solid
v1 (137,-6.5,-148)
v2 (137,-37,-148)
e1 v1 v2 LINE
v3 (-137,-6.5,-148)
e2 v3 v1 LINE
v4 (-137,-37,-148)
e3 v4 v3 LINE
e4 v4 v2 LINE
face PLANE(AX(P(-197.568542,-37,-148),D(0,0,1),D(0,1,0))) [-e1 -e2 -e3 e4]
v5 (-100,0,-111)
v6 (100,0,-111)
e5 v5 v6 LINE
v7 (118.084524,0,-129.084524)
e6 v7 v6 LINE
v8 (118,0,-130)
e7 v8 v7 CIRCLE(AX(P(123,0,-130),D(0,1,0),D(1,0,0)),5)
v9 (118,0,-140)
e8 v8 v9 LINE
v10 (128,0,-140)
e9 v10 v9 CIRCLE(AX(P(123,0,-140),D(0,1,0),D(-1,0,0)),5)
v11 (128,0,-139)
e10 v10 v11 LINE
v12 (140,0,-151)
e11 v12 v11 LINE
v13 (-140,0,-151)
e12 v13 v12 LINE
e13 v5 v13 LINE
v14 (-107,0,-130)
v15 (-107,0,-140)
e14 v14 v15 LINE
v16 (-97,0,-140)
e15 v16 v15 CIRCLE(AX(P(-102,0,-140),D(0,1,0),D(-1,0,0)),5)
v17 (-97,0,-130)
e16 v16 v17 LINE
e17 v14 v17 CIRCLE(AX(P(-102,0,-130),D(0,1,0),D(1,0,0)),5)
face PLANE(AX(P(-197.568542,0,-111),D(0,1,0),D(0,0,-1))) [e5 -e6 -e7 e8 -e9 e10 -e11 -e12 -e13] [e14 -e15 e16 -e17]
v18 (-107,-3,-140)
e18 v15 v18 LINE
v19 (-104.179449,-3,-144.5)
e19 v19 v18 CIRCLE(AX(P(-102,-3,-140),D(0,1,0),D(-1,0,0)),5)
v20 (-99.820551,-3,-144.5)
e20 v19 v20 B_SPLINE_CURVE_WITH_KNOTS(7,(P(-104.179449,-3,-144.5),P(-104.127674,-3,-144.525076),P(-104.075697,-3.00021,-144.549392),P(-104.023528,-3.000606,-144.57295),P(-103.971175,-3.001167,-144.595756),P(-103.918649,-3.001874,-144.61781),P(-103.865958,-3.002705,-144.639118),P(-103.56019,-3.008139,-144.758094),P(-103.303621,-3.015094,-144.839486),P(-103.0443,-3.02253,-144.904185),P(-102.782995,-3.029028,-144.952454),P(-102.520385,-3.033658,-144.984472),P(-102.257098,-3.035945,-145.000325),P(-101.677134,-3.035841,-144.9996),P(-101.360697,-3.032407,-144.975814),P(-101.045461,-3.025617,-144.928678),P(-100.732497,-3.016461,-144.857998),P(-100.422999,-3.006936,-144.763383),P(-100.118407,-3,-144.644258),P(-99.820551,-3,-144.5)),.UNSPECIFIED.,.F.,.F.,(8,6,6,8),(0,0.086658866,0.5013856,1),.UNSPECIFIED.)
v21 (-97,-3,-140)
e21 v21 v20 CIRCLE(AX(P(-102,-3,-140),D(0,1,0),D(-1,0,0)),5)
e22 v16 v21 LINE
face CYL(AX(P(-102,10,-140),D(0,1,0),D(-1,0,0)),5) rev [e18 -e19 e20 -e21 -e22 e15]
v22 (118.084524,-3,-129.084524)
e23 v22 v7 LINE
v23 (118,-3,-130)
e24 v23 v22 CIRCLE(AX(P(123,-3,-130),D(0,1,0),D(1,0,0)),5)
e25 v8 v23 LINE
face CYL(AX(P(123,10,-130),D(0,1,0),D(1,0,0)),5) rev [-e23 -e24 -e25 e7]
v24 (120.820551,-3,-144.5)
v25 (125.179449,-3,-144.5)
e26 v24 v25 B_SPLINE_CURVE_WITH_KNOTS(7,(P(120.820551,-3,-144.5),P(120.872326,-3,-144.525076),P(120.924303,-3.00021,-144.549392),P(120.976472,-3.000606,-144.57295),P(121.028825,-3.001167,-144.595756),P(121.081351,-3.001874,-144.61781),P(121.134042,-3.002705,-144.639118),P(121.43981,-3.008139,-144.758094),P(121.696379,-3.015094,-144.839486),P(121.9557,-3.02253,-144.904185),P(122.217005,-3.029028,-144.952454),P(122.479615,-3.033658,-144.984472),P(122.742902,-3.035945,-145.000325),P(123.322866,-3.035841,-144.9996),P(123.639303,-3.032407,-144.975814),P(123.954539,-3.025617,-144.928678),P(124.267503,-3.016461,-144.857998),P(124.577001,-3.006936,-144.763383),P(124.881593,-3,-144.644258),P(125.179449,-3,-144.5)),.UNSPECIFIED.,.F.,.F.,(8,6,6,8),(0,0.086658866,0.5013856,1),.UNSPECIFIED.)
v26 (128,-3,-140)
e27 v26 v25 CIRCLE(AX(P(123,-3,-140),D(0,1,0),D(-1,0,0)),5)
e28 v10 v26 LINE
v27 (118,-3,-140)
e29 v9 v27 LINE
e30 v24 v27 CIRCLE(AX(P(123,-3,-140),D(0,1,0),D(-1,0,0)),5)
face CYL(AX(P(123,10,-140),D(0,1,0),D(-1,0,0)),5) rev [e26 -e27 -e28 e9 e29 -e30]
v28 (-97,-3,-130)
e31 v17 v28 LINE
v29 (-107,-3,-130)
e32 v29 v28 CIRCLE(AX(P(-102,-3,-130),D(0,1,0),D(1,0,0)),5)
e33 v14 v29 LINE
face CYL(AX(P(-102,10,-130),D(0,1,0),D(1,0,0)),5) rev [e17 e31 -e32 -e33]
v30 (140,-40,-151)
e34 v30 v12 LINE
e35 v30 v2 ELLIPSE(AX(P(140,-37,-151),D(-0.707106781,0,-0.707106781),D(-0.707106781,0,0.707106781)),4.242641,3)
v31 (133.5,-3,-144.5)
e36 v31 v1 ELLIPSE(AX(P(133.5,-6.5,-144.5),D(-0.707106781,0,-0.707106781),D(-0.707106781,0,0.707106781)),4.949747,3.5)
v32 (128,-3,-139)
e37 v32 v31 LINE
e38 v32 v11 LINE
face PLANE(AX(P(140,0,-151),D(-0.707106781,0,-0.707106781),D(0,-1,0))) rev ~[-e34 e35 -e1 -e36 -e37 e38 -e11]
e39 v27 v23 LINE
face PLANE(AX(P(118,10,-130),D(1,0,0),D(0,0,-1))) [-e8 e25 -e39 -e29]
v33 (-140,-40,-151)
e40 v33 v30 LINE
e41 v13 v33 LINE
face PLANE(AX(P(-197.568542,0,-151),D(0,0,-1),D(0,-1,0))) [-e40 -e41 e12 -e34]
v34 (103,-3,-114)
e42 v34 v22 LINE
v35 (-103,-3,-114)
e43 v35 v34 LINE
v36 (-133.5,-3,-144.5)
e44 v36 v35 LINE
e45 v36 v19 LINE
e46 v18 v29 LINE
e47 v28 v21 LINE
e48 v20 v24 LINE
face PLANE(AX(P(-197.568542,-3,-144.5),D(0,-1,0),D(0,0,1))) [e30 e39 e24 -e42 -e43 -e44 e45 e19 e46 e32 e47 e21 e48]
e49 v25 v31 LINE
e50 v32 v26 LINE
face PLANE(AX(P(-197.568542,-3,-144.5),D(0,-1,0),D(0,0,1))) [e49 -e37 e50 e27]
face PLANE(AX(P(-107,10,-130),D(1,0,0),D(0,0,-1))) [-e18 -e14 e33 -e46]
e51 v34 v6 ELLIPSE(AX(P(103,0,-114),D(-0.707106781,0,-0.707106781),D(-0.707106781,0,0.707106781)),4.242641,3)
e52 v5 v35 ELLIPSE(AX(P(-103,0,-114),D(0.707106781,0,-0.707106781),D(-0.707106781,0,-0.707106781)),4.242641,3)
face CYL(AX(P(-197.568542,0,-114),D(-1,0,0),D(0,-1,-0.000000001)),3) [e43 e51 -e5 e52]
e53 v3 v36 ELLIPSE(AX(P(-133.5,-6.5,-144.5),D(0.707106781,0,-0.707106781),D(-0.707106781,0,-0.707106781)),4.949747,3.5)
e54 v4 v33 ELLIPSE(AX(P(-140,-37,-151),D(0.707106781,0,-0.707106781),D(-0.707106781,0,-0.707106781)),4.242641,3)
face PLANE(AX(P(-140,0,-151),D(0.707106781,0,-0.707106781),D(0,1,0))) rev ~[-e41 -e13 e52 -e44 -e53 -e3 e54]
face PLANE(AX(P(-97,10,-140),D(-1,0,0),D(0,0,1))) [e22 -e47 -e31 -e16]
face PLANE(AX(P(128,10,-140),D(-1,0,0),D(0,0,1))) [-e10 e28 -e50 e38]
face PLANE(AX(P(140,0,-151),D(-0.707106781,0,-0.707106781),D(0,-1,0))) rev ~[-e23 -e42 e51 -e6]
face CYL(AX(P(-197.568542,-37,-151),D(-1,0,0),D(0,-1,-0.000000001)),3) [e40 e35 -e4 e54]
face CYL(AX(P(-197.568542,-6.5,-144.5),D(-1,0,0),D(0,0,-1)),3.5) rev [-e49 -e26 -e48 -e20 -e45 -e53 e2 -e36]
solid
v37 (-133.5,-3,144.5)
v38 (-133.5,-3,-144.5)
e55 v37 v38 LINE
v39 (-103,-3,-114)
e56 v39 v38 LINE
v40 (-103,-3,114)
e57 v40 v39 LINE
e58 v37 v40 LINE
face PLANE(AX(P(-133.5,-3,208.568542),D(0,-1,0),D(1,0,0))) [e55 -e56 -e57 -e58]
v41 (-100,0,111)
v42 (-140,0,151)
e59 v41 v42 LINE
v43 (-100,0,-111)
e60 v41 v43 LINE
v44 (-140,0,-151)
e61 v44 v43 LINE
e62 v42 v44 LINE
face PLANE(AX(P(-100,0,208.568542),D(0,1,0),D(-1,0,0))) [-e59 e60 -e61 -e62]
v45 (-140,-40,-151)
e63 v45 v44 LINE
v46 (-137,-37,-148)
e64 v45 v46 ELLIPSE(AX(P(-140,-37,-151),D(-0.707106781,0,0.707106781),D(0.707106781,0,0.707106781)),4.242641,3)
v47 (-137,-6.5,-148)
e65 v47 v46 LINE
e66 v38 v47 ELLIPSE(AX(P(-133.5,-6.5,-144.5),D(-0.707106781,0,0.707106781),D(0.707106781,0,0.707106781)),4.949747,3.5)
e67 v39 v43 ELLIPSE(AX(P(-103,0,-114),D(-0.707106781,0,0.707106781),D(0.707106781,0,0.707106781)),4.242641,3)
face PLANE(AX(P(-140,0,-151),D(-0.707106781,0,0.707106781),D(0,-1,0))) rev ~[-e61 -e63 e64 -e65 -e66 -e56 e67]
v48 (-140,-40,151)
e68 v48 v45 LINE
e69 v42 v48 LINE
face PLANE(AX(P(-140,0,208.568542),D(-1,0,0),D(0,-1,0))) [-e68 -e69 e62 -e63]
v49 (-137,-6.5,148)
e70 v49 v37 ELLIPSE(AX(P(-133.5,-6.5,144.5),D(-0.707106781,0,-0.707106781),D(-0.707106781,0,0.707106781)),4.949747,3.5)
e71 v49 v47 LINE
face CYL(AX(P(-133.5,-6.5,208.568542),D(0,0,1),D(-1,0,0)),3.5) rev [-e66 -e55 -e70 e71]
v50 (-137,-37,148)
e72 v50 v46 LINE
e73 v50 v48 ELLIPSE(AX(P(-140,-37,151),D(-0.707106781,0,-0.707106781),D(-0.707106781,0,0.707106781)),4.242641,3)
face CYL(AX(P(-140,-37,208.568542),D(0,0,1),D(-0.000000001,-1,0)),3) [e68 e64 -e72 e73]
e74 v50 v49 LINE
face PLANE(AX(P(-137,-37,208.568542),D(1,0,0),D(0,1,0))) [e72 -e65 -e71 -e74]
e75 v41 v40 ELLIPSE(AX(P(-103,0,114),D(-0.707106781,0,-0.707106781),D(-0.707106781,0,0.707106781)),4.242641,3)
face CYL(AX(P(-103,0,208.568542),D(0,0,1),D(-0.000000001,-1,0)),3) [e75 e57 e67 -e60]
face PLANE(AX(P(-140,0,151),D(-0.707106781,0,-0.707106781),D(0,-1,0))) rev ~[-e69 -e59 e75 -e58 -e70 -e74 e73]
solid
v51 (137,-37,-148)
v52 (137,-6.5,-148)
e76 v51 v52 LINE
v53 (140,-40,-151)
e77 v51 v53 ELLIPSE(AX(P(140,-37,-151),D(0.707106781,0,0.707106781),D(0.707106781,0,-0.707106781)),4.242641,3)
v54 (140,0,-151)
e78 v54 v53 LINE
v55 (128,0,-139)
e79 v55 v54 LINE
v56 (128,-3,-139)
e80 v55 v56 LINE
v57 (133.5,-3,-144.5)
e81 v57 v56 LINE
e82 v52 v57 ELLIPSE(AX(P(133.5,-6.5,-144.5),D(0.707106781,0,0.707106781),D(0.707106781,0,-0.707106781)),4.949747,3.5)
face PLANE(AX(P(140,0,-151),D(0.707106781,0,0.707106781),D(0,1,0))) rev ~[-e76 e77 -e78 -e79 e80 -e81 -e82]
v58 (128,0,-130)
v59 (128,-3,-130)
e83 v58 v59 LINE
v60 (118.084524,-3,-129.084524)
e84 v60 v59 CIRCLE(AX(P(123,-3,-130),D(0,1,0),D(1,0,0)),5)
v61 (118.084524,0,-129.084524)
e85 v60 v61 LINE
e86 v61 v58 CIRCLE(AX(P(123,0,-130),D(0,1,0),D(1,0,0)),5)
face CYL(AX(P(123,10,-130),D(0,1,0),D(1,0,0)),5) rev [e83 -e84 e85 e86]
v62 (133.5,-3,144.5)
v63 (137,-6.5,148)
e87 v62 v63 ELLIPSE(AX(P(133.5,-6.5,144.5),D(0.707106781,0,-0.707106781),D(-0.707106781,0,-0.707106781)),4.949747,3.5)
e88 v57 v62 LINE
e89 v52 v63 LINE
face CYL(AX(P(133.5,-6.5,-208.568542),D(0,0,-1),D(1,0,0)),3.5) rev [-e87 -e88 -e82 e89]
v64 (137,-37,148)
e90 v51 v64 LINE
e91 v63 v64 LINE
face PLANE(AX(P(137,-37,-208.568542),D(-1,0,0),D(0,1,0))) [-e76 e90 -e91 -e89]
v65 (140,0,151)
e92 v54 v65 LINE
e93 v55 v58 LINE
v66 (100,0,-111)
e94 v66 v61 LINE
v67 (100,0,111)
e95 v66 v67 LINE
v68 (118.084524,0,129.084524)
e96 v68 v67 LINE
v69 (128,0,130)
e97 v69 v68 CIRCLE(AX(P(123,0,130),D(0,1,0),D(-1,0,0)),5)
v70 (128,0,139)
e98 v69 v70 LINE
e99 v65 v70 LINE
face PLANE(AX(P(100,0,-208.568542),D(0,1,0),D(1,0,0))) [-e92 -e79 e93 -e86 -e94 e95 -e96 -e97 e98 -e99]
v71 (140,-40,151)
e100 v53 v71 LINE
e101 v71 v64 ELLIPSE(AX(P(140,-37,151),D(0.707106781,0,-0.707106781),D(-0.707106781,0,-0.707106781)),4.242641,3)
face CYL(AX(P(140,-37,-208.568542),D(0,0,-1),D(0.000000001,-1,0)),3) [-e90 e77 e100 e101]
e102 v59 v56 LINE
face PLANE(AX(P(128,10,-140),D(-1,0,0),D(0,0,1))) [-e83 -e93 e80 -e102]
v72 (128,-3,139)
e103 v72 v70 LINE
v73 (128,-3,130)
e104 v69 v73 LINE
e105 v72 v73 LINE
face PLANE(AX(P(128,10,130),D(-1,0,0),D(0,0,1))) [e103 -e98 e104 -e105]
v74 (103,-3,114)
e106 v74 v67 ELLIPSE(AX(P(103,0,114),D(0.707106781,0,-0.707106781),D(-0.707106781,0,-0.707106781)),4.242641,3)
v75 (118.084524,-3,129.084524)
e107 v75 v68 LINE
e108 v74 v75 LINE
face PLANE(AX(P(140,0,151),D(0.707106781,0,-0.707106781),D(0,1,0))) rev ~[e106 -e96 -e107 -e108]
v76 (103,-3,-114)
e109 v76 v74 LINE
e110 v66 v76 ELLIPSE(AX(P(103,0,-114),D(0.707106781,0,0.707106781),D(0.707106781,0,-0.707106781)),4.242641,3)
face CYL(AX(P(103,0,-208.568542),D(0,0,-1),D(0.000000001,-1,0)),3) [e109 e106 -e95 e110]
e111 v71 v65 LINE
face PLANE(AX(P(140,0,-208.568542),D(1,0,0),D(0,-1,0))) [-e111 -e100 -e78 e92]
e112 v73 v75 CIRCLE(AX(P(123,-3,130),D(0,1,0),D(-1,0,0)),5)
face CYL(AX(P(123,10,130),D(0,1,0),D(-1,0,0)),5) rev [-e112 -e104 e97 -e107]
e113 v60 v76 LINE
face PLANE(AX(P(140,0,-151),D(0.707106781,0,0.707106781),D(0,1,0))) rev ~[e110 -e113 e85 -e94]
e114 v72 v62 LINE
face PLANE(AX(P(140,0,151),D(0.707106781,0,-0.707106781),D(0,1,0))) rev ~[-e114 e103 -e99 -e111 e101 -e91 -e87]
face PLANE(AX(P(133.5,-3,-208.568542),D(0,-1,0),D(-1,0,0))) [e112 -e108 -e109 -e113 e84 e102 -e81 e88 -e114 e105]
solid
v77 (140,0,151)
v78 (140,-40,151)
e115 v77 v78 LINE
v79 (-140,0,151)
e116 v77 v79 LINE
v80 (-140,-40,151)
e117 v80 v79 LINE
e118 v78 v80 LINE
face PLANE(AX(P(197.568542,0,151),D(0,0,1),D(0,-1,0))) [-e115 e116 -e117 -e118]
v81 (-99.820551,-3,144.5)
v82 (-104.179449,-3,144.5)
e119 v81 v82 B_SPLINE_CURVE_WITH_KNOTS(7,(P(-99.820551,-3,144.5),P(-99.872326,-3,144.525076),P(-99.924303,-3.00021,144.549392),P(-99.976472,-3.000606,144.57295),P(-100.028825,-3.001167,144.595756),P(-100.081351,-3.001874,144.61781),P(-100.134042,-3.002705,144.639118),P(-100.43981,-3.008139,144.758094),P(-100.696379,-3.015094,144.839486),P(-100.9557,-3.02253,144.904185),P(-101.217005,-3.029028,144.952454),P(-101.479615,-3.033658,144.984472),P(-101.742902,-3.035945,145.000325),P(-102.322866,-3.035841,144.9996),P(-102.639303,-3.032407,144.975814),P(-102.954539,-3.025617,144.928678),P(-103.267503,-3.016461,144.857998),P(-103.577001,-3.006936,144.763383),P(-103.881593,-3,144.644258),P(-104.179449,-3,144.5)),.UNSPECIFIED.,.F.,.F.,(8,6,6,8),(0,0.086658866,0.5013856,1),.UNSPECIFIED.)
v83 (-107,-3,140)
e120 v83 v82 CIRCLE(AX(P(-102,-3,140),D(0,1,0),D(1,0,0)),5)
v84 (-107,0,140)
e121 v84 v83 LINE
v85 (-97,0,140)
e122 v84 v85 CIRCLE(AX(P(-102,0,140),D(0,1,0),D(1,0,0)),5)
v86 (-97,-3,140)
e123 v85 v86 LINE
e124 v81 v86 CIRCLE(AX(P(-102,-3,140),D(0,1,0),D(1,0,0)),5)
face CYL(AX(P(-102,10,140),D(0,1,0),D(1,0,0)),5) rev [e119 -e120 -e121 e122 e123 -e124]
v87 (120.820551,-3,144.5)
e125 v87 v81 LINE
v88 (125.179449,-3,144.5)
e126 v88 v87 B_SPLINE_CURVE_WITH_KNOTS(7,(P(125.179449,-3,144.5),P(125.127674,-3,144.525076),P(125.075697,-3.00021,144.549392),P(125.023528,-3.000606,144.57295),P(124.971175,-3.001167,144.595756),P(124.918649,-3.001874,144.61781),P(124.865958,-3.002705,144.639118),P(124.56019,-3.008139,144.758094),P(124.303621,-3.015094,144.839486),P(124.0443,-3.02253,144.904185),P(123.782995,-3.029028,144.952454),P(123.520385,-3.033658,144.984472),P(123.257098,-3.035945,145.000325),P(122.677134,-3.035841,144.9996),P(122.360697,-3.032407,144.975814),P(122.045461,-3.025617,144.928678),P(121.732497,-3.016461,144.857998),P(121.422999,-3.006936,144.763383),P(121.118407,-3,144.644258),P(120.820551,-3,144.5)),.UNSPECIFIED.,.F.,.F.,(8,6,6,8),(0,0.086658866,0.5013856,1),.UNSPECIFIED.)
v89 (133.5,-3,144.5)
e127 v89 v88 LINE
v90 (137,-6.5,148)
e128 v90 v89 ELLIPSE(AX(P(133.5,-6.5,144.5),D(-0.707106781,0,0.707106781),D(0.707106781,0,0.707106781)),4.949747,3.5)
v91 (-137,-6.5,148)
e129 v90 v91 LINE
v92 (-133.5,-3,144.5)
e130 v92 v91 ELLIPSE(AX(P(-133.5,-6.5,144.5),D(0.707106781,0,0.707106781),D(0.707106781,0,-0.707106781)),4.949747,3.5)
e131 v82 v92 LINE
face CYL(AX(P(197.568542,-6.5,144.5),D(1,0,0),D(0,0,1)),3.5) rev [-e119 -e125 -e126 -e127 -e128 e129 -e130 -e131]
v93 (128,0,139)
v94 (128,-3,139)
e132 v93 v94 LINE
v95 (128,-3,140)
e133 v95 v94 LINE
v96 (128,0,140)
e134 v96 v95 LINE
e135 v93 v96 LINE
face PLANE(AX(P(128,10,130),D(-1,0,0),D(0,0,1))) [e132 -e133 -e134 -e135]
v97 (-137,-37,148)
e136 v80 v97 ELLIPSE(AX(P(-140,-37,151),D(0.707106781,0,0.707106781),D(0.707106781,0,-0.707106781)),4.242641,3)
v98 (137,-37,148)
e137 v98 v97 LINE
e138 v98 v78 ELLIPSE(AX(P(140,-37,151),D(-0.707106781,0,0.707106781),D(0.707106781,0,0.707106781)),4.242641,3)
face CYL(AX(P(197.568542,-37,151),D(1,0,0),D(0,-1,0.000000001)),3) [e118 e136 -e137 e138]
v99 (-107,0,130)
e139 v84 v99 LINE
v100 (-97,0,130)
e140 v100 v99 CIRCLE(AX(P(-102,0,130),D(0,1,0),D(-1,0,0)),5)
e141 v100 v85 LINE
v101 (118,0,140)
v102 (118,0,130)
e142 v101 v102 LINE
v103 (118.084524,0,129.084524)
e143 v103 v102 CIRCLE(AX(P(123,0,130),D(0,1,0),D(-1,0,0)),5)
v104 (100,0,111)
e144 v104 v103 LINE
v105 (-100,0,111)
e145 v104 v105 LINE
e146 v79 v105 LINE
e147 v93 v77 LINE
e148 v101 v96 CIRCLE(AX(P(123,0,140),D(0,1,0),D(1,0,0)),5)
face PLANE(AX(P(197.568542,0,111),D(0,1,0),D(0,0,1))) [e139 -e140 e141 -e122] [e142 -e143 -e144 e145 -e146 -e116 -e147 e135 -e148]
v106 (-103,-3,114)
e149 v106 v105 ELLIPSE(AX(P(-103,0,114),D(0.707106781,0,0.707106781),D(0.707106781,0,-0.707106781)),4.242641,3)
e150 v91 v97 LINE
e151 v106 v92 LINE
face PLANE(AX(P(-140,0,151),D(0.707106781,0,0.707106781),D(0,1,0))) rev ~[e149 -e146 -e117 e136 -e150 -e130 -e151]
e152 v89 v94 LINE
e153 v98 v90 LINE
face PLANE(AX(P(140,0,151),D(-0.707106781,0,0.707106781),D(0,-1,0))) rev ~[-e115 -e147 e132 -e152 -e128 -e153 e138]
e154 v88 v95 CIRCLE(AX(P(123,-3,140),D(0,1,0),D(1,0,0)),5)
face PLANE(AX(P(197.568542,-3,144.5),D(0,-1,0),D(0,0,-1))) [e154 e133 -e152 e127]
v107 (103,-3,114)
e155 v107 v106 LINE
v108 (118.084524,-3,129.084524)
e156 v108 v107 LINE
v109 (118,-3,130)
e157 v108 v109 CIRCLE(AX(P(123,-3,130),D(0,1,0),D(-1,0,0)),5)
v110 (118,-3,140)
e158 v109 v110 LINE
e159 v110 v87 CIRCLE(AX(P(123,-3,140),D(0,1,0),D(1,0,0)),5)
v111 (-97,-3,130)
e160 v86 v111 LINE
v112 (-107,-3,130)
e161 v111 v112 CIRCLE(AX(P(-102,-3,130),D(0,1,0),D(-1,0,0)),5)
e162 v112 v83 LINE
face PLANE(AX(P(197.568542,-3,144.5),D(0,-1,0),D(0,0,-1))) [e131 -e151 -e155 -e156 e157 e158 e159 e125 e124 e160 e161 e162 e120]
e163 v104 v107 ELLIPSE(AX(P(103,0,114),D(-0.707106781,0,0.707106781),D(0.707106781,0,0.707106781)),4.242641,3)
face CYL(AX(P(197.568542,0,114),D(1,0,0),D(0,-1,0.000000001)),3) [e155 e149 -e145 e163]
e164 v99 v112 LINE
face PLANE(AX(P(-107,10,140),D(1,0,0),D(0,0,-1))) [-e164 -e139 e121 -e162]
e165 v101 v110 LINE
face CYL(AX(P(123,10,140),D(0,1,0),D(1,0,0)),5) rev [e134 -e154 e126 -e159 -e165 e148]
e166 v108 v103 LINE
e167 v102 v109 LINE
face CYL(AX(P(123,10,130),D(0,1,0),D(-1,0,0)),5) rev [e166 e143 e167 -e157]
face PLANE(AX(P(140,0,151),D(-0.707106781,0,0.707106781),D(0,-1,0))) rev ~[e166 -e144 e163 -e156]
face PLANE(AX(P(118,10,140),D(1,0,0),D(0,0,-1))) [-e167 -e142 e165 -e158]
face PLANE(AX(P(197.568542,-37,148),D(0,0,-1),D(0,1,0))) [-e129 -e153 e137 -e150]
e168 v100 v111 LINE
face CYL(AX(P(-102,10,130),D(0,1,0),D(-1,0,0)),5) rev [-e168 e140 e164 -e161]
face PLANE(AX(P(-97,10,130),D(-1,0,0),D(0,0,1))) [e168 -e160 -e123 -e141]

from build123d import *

# Parameters (mm, degrees)
IRON_V40X40X3_2_DEPTH      = 359.568542495
IRON_V40X40X3_2_DEPTH_BACK = 57.568542495
IRON_V40X40X3_2_2_DEPTH    = 395.13708499
IRON_V40X40X3_2_3_DEPTH    = 417.13708499
IRON_V40X40X3_2_4_DEPTH    = 395.13708499
CUT_EXTRUDE2_START         = 10
CUT_EXTRUDE2_DEPTH         = 20


with BuildPart() as part:
    # Sketch1 → Iron V40X40X3(2) (new, two sides: drawn at the far end of the back side and taken through both)
    with BuildSketch(Plane(origin=(-140, 0, 151), x_dir=(1, 0, 0), z_dir=(0, 0, -1)).offset(-IRON_V40X40X3_2_DEPTH_BACK)):
        with BuildLine():
            Line((0, 0), (0, 40))
            ThreePointArc((0, 40), (2.121320344, 39.121320344), (3, 37))
            Line((3, 37), (3, 6.5))
            ThreePointArc((3, 6.5), (4.025126266, 4.025126266), (6.5, 3))
            Line((6.5, 3), (37, 3))
            ThreePointArc((37, 3), (39.121320344, 2.121320344), (40, 0))
            Line((40, 0), (0, 0))
        make_face()
    extrude(amount=IRON_V40X40X3_2_DEPTH + IRON_V40X40X3_2_DEPTH_BACK)

    # Iron V40X40X3(2) mitre 1
    split(bisect_by=Plane(origin=(-140, 0, 151), x_dir=(0, -1, 0), z_dir=(-0.707106781, 0, -0.707106781)), keep=Keep.TOP)

    # Iron V40X40X3(2) mitre 2
    split(bisect_by=Plane(origin=(-140, 0, -151), x_dir=(0, -1, 0), z_dir=(-0.707106781, 0, 0.707106781)), keep=Keep.TOP)


with BuildPart() as body_2:
    # Sketch1 on segment 2 (carried to segment 2) → Iron V40X40X3_2 2 (new body)
    with BuildSketch(Plane(origin=(-197.568542495, 0, -151), x_dir=(0, 0, 1), z_dir=(1, 0, 0))):
        with BuildLine():
            Line((0, 0), (0, 40))
            ThreePointArc((0, 40), (2.121320344, 39.121320344), (3, 37))
            Line((3, 37), (3, 6.5))
            ThreePointArc((3, 6.5), (4.025126266, 4.025126266), (6.5, 3))
            Line((6.5, 3), (37, 3))
            ThreePointArc((37, 3), (39.121320344, 2.121320344), (40, 0))
            Line((40, 0), (0, 0))
        make_face()
    extrude(amount=IRON_V40X40X3_2_2_DEPTH)

    # Iron V40X40X3_2 2 mitre 1
    split(bisect_by=Plane(origin=(140, 0, -151), x_dir=(0, -1, 0), z_dir=(-0.707106781, 0, -0.707106781)), keep=Keep.TOP)

    # Iron V40X40X3_2 2 mitre 2
    split(bisect_by=Plane(origin=(-140, 0, -151), x_dir=(0, 1, 0), z_dir=(0.707106781, 0, -0.707106781)), keep=Keep.TOP)


with BuildPart() as body_3:
    # Sketch1 on segment 3 (carried to segment 3) → Iron V40X40X3_2 3 (new body)
    with BuildSketch(Plane(origin=(140, 0, -208.568542495), x_dir=(-1, 0, 0), z_dir=(0, 0, 1))):
        with BuildLine():
            Line((0, 0), (0, 40))
            ThreePointArc((0, 40), (2.121320344, 39.121320344), (3, 37))
            Line((3, 37), (3, 6.5))
            ThreePointArc((3, 6.5), (4.025126266, 4.025126266), (6.5, 3))
            Line((6.5, 3), (37, 3))
            ThreePointArc((37, 3), (39.121320344, 2.121320344), (40, 0))
            Line((40, 0), (0, 0))
        make_face()
    extrude(amount=IRON_V40X40X3_2_3_DEPTH)

    # Iron V40X40X3_2 3 mitre 1
    split(bisect_by=Plane(origin=(140, 0, 151), x_dir=(0, 1, 0), z_dir=(0.707106781, 0, -0.707106781)), keep=Keep.TOP)

    # Iron V40X40X3_2 3 mitre 2
    split(bisect_by=Plane(origin=(140, 0, -151), x_dir=(0, 1, 0), z_dir=(0.707106781, 0, 0.707106781)), keep=Keep.TOP)


with BuildPart() as body_4:
    # Sketch1 on segment 4 (carried to segment 4) → Iron V40X40X3_2 4 (new body)
    with BuildSketch(Plane(origin=(197.568542495, 0, 151), x_dir=(0, 0, -1), z_dir=(-1, 0, 0))):
        with BuildLine():
            Line((0, 0), (0, 40))
            ThreePointArc((0, 40), (2.121320344, 39.121320344), (3, 37))
            Line((3, 37), (3, 6.5))
            ThreePointArc((3, 6.5), (4.025126266, 4.025126266), (6.5, 3))
            Line((6.5, 3), (37, 3))
            ThreePointArc((37, 3), (39.121320344, 2.121320344), (40, 0))
            Line((40, 0), (0, 0))
        make_face()
    extrude(amount=IRON_V40X40X3_2_4_DEPTH)

    # Iron V40X40X3_2 4 mitre 1
    split(bisect_by=Plane(origin=(140, 0, 151), x_dir=(0, -1, 0), z_dir=(-0.707106781, 0, 0.707106781)), keep=Keep.TOP)

    # Iron V40X40X3_2 4 mitre 2
    split(bisect_by=Plane(origin=(-140, 0, 151), x_dir=(0, 1, 0), z_dir=(0.707106781, 0, 0.707106781)), keep=Keep.TOP)


with BuildPart() as cut_extrude2_tool:
    # Sketch2 → Cut-Extrude2 (new body)
    with BuildSketch(Plane(origin=(0, 0, 0), x_dir=(1, 0, 0), z_dir=(0, 1, 0)).offset(CUT_EXTRUDE2_START)):
        with BuildLine():
            Line((-97, 140), (-97, 130))
            ThreePointArc((-97, 130), (-102, 125), (-107, 130))
            Line((-107, 130), (-107, 140))
            ThreePointArc((-107, 140), (-102, 145), (-97, 140))
        make_face()
        with BuildLine():
            Line((128, 140), (128, 130))
            ThreePointArc((128, 130), (123, 125), (118, 130))
            Line((118, 130), (118, 140))
            ThreePointArc((118, 140), (123, 145), (128, 140))
        make_face()
        with BuildLine():
            Line((128, -130), (128, -140))
            ThreePointArc((128, -140), (123, -145), (118, -140))
            Line((118, -140), (118, -130))
            ThreePointArc((118, -130), (123, -125), (128, -130))
        make_face()
        with BuildLine():
            Line((-97, -130), (-97, -140))
            ThreePointArc((-97, -140), (-102, -145), (-107, -140))
            Line((-107, -140), (-107, -130))
            ThreePointArc((-107, -130), (-102, -125), (-97, -130))
        make_face()
    extrude(amount=-CUT_EXTRUDE2_DEPTH)


with BuildPart() as body_2_1:
    add(body_2.part)

    # Cut-Extrude2: cut by cut_extrude2_tool
    add(cut_extrude2_tool.part, mode=Mode.SUBTRACT)


with BuildPart() as body_3_1:
    add(body_3.part)

    # Cut-Extrude2: cut by cut_extrude2_tool
    add(cut_extrude2_tool.part, mode=Mode.SUBTRACT)


with BuildPart() as body_4_1:
    add(body_4.part)

    # Cut-Extrude2: cut by cut_extrude2_tool
    add(cut_extrude2_tool.part, mode=Mode.SUBTRACT)


solid = Compound([part.part, body_2_1.part, body_3_1.part, body_4_1.part])
